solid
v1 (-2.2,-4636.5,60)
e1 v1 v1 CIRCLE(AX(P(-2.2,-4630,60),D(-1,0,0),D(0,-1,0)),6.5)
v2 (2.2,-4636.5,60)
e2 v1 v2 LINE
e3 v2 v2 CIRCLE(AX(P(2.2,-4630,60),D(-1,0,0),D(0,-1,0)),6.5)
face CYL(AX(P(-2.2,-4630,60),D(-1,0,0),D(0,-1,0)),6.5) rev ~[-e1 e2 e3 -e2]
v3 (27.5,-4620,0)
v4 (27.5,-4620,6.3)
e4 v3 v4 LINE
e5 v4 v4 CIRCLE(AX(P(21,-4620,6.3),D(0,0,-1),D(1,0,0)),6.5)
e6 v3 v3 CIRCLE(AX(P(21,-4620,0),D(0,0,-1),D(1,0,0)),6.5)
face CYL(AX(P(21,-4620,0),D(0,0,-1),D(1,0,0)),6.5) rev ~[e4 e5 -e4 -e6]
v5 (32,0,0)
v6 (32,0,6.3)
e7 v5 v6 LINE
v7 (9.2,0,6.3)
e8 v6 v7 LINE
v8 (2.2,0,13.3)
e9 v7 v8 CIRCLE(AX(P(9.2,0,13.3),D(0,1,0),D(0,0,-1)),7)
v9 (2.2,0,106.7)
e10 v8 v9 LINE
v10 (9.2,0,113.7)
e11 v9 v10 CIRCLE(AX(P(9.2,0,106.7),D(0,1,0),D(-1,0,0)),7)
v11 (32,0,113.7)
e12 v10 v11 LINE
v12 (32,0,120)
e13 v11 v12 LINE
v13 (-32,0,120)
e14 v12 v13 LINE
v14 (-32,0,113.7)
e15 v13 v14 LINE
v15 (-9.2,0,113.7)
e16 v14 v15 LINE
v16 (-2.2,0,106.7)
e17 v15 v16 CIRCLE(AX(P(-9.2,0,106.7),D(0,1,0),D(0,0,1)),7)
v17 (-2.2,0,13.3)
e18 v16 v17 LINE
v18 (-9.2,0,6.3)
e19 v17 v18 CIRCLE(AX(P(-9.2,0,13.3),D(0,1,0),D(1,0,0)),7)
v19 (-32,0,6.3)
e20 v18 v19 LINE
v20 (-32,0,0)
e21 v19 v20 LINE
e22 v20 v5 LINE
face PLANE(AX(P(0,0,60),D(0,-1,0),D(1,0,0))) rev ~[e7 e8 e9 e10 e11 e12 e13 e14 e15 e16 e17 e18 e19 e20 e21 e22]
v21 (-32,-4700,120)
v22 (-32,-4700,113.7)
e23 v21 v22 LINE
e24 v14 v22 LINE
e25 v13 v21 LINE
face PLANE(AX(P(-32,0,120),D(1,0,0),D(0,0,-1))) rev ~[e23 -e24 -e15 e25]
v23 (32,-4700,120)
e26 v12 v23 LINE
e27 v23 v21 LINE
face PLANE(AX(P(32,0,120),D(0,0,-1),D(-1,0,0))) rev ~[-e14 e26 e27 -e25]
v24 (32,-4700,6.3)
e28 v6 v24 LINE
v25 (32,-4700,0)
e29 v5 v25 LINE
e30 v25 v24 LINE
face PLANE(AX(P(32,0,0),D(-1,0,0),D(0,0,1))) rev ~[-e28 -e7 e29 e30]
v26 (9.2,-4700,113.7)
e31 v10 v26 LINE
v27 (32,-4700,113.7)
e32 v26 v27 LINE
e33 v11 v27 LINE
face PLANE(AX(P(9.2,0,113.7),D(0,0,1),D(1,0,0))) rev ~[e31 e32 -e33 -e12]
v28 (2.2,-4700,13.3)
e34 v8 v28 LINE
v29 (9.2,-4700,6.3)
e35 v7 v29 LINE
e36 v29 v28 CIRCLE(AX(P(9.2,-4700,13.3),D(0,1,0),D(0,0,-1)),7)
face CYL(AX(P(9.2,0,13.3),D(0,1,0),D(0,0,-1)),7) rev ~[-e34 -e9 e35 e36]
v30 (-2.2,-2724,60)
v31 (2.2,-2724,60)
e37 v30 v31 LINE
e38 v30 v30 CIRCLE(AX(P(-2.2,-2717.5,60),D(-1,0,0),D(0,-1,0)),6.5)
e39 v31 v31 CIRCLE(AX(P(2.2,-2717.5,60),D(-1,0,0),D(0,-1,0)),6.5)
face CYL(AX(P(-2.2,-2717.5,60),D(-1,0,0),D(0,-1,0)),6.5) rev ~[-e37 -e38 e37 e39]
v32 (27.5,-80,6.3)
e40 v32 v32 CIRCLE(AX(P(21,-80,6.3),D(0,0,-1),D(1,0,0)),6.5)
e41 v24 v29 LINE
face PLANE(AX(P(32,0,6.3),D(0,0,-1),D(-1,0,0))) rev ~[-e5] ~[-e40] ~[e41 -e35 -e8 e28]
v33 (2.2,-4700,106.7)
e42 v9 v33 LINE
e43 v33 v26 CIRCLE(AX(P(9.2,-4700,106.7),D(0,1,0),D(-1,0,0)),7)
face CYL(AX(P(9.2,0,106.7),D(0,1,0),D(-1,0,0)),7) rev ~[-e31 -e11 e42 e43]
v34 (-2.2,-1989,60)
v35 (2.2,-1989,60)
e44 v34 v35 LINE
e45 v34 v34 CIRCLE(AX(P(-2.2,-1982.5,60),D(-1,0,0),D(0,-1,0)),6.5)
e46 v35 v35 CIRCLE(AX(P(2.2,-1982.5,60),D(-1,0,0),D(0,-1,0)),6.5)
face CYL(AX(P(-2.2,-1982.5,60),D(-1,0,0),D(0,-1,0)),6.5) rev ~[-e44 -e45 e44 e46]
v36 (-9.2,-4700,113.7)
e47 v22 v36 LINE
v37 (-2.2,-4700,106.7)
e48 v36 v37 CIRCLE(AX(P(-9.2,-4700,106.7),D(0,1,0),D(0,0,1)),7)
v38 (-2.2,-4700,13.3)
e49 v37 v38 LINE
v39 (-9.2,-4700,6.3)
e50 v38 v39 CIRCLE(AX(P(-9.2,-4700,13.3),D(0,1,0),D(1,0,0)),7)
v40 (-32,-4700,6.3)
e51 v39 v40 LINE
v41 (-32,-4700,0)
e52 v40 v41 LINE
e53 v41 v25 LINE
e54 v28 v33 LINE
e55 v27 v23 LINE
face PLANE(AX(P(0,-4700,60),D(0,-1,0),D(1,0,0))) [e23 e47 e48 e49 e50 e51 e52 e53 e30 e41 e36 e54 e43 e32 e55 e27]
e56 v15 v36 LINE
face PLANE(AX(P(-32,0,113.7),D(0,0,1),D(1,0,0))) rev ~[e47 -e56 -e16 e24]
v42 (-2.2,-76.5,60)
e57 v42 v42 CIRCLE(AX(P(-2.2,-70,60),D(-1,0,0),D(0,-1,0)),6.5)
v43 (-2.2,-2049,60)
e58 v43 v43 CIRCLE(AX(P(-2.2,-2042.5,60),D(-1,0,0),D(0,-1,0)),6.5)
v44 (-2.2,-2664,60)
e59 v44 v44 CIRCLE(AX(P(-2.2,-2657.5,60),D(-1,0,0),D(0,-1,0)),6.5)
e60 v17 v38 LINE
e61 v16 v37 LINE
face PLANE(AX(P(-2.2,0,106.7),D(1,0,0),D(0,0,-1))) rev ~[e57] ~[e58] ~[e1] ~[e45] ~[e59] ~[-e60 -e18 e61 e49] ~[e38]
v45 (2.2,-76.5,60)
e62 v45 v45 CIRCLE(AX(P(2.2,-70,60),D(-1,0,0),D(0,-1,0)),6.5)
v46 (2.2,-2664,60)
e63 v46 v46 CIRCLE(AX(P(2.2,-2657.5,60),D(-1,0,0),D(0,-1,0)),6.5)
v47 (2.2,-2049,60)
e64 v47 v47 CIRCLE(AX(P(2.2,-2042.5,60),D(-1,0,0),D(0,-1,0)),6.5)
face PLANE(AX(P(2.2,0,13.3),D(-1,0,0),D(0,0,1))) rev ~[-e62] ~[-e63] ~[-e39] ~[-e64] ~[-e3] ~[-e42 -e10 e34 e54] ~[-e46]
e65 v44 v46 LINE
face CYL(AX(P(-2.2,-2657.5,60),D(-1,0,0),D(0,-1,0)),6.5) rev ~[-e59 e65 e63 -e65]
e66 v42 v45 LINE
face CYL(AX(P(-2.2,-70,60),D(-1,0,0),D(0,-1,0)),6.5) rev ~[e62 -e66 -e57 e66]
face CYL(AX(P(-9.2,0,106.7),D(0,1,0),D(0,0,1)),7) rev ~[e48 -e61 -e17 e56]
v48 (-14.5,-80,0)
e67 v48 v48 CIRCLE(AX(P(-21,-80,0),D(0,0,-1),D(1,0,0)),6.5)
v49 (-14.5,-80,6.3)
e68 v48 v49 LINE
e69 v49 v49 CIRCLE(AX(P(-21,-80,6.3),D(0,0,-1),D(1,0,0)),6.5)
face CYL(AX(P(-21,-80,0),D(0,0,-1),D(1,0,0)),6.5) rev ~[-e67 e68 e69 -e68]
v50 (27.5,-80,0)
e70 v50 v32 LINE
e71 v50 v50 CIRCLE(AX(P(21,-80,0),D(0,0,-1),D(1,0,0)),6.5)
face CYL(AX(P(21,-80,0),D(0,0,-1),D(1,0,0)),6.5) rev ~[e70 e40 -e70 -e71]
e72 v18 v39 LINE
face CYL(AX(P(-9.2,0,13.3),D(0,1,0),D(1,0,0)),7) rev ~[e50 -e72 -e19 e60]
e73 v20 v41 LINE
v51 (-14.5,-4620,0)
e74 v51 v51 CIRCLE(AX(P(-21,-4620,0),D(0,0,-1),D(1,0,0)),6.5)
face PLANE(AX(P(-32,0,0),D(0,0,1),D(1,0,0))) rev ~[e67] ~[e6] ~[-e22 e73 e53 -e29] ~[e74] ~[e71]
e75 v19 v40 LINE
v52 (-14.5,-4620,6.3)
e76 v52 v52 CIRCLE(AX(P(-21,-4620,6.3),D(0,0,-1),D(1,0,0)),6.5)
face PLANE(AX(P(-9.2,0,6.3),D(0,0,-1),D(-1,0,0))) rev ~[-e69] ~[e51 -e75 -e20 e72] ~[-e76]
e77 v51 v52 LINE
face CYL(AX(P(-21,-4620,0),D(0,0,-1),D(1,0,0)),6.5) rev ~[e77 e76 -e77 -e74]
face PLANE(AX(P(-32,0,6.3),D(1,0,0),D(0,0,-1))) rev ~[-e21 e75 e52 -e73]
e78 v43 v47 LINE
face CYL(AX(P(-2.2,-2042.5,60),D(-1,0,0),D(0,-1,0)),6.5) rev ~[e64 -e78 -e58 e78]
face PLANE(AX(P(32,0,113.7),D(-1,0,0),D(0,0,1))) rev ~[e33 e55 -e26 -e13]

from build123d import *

# Parameters (mm, degrees)
F2_DEPTH = 4700
F3_R     = 6.5
F4_DEPTH = 6.3
F5_R     = 6.5
F6_DEPTH = 34.201


with BuildPart() as f2:
    # F0 (on Front) → F2 (new body)
    with BuildSketch(Plane.XZ):
        with BuildLine():
            Line((-32, 6.3), (-32, 0))
            Line((-32, 0), (32, 0))
            Line((32, 0), (32, 6.3))
            Line((32, 6.3), (9.2, 6.3))
            ThreePointArc((9.2, 6.3), (4.2502525317, 8.3502525317), (2.2, 13.3))
            Line((2.2, 13.3), (2.2, 106.7))
            ThreePointArc((2.2, 106.7), (4.2502525317, 111.6497474683), (9.2, 113.7))
            Line((9.2, 113.7), (32, 113.7))
            Line((32, 113.7), (32, 120))
            Line((32, 120), (-32, 120))
            Line((-32, 120), (-32, 113.7))
            Line((-32, 113.7), (-9.2, 113.7))
            ThreePointArc((-9.2, 113.7), (-4.2502525317, 111.6497474683), (-2.2, 106.7))
            Line((-2.2, 106.7), (-2.2, 13.3))
            ThreePointArc((-2.2, 13.3), (-4.2502525317, 8.3502525317), (-9.2, 6.3))
            Line((-9.2, 6.3), (-32, 6.3))
        make_face()
    extrude(amount=F2_DEPTH)

    # F3 (on face) → F4 (cut, through all)
    with BuildSketch(Plane(origin=(0, 0, 0), x_dir=(1, 0, 0), z_dir=(0, 0, -1))):
        with Locations((21, 80)):
            Circle(F3_R)
        with Locations((-21, 80)):
            Circle(F3_R)
        with Locations((21, 4620)):
            Circle(F3_R)
        with Locations((-21, 4620)):
            Circle(F3_R)
    extrude(amount=-F4_DEPTH, mode=Mode.SUBTRACT)

    # F5 (on face) → F6 (cut, through all)
    with BuildSketch(Plane(origin=(-2.2, 0, 0), x_dir=(0, -1, 0), z_dir=(-1, 0, 0))):
        with Locations((70, 60)):
            Circle(F5_R)
        with Locations((4630, 60)):
            Circle(F5_R)
        with Locations((1982.5, 60)):
            Circle(F5_R)
        with Locations((2042.5, 60)):
            Circle(F5_R)
        with Locations((2717.5, 60)):
            Circle(F5_R)
        with Locations((2657.5, 60)):
            Circle(F5_R)
    extrude(amount=-F6_DEPTH, mode=Mode.SUBTRACT)


solid = f2.part
